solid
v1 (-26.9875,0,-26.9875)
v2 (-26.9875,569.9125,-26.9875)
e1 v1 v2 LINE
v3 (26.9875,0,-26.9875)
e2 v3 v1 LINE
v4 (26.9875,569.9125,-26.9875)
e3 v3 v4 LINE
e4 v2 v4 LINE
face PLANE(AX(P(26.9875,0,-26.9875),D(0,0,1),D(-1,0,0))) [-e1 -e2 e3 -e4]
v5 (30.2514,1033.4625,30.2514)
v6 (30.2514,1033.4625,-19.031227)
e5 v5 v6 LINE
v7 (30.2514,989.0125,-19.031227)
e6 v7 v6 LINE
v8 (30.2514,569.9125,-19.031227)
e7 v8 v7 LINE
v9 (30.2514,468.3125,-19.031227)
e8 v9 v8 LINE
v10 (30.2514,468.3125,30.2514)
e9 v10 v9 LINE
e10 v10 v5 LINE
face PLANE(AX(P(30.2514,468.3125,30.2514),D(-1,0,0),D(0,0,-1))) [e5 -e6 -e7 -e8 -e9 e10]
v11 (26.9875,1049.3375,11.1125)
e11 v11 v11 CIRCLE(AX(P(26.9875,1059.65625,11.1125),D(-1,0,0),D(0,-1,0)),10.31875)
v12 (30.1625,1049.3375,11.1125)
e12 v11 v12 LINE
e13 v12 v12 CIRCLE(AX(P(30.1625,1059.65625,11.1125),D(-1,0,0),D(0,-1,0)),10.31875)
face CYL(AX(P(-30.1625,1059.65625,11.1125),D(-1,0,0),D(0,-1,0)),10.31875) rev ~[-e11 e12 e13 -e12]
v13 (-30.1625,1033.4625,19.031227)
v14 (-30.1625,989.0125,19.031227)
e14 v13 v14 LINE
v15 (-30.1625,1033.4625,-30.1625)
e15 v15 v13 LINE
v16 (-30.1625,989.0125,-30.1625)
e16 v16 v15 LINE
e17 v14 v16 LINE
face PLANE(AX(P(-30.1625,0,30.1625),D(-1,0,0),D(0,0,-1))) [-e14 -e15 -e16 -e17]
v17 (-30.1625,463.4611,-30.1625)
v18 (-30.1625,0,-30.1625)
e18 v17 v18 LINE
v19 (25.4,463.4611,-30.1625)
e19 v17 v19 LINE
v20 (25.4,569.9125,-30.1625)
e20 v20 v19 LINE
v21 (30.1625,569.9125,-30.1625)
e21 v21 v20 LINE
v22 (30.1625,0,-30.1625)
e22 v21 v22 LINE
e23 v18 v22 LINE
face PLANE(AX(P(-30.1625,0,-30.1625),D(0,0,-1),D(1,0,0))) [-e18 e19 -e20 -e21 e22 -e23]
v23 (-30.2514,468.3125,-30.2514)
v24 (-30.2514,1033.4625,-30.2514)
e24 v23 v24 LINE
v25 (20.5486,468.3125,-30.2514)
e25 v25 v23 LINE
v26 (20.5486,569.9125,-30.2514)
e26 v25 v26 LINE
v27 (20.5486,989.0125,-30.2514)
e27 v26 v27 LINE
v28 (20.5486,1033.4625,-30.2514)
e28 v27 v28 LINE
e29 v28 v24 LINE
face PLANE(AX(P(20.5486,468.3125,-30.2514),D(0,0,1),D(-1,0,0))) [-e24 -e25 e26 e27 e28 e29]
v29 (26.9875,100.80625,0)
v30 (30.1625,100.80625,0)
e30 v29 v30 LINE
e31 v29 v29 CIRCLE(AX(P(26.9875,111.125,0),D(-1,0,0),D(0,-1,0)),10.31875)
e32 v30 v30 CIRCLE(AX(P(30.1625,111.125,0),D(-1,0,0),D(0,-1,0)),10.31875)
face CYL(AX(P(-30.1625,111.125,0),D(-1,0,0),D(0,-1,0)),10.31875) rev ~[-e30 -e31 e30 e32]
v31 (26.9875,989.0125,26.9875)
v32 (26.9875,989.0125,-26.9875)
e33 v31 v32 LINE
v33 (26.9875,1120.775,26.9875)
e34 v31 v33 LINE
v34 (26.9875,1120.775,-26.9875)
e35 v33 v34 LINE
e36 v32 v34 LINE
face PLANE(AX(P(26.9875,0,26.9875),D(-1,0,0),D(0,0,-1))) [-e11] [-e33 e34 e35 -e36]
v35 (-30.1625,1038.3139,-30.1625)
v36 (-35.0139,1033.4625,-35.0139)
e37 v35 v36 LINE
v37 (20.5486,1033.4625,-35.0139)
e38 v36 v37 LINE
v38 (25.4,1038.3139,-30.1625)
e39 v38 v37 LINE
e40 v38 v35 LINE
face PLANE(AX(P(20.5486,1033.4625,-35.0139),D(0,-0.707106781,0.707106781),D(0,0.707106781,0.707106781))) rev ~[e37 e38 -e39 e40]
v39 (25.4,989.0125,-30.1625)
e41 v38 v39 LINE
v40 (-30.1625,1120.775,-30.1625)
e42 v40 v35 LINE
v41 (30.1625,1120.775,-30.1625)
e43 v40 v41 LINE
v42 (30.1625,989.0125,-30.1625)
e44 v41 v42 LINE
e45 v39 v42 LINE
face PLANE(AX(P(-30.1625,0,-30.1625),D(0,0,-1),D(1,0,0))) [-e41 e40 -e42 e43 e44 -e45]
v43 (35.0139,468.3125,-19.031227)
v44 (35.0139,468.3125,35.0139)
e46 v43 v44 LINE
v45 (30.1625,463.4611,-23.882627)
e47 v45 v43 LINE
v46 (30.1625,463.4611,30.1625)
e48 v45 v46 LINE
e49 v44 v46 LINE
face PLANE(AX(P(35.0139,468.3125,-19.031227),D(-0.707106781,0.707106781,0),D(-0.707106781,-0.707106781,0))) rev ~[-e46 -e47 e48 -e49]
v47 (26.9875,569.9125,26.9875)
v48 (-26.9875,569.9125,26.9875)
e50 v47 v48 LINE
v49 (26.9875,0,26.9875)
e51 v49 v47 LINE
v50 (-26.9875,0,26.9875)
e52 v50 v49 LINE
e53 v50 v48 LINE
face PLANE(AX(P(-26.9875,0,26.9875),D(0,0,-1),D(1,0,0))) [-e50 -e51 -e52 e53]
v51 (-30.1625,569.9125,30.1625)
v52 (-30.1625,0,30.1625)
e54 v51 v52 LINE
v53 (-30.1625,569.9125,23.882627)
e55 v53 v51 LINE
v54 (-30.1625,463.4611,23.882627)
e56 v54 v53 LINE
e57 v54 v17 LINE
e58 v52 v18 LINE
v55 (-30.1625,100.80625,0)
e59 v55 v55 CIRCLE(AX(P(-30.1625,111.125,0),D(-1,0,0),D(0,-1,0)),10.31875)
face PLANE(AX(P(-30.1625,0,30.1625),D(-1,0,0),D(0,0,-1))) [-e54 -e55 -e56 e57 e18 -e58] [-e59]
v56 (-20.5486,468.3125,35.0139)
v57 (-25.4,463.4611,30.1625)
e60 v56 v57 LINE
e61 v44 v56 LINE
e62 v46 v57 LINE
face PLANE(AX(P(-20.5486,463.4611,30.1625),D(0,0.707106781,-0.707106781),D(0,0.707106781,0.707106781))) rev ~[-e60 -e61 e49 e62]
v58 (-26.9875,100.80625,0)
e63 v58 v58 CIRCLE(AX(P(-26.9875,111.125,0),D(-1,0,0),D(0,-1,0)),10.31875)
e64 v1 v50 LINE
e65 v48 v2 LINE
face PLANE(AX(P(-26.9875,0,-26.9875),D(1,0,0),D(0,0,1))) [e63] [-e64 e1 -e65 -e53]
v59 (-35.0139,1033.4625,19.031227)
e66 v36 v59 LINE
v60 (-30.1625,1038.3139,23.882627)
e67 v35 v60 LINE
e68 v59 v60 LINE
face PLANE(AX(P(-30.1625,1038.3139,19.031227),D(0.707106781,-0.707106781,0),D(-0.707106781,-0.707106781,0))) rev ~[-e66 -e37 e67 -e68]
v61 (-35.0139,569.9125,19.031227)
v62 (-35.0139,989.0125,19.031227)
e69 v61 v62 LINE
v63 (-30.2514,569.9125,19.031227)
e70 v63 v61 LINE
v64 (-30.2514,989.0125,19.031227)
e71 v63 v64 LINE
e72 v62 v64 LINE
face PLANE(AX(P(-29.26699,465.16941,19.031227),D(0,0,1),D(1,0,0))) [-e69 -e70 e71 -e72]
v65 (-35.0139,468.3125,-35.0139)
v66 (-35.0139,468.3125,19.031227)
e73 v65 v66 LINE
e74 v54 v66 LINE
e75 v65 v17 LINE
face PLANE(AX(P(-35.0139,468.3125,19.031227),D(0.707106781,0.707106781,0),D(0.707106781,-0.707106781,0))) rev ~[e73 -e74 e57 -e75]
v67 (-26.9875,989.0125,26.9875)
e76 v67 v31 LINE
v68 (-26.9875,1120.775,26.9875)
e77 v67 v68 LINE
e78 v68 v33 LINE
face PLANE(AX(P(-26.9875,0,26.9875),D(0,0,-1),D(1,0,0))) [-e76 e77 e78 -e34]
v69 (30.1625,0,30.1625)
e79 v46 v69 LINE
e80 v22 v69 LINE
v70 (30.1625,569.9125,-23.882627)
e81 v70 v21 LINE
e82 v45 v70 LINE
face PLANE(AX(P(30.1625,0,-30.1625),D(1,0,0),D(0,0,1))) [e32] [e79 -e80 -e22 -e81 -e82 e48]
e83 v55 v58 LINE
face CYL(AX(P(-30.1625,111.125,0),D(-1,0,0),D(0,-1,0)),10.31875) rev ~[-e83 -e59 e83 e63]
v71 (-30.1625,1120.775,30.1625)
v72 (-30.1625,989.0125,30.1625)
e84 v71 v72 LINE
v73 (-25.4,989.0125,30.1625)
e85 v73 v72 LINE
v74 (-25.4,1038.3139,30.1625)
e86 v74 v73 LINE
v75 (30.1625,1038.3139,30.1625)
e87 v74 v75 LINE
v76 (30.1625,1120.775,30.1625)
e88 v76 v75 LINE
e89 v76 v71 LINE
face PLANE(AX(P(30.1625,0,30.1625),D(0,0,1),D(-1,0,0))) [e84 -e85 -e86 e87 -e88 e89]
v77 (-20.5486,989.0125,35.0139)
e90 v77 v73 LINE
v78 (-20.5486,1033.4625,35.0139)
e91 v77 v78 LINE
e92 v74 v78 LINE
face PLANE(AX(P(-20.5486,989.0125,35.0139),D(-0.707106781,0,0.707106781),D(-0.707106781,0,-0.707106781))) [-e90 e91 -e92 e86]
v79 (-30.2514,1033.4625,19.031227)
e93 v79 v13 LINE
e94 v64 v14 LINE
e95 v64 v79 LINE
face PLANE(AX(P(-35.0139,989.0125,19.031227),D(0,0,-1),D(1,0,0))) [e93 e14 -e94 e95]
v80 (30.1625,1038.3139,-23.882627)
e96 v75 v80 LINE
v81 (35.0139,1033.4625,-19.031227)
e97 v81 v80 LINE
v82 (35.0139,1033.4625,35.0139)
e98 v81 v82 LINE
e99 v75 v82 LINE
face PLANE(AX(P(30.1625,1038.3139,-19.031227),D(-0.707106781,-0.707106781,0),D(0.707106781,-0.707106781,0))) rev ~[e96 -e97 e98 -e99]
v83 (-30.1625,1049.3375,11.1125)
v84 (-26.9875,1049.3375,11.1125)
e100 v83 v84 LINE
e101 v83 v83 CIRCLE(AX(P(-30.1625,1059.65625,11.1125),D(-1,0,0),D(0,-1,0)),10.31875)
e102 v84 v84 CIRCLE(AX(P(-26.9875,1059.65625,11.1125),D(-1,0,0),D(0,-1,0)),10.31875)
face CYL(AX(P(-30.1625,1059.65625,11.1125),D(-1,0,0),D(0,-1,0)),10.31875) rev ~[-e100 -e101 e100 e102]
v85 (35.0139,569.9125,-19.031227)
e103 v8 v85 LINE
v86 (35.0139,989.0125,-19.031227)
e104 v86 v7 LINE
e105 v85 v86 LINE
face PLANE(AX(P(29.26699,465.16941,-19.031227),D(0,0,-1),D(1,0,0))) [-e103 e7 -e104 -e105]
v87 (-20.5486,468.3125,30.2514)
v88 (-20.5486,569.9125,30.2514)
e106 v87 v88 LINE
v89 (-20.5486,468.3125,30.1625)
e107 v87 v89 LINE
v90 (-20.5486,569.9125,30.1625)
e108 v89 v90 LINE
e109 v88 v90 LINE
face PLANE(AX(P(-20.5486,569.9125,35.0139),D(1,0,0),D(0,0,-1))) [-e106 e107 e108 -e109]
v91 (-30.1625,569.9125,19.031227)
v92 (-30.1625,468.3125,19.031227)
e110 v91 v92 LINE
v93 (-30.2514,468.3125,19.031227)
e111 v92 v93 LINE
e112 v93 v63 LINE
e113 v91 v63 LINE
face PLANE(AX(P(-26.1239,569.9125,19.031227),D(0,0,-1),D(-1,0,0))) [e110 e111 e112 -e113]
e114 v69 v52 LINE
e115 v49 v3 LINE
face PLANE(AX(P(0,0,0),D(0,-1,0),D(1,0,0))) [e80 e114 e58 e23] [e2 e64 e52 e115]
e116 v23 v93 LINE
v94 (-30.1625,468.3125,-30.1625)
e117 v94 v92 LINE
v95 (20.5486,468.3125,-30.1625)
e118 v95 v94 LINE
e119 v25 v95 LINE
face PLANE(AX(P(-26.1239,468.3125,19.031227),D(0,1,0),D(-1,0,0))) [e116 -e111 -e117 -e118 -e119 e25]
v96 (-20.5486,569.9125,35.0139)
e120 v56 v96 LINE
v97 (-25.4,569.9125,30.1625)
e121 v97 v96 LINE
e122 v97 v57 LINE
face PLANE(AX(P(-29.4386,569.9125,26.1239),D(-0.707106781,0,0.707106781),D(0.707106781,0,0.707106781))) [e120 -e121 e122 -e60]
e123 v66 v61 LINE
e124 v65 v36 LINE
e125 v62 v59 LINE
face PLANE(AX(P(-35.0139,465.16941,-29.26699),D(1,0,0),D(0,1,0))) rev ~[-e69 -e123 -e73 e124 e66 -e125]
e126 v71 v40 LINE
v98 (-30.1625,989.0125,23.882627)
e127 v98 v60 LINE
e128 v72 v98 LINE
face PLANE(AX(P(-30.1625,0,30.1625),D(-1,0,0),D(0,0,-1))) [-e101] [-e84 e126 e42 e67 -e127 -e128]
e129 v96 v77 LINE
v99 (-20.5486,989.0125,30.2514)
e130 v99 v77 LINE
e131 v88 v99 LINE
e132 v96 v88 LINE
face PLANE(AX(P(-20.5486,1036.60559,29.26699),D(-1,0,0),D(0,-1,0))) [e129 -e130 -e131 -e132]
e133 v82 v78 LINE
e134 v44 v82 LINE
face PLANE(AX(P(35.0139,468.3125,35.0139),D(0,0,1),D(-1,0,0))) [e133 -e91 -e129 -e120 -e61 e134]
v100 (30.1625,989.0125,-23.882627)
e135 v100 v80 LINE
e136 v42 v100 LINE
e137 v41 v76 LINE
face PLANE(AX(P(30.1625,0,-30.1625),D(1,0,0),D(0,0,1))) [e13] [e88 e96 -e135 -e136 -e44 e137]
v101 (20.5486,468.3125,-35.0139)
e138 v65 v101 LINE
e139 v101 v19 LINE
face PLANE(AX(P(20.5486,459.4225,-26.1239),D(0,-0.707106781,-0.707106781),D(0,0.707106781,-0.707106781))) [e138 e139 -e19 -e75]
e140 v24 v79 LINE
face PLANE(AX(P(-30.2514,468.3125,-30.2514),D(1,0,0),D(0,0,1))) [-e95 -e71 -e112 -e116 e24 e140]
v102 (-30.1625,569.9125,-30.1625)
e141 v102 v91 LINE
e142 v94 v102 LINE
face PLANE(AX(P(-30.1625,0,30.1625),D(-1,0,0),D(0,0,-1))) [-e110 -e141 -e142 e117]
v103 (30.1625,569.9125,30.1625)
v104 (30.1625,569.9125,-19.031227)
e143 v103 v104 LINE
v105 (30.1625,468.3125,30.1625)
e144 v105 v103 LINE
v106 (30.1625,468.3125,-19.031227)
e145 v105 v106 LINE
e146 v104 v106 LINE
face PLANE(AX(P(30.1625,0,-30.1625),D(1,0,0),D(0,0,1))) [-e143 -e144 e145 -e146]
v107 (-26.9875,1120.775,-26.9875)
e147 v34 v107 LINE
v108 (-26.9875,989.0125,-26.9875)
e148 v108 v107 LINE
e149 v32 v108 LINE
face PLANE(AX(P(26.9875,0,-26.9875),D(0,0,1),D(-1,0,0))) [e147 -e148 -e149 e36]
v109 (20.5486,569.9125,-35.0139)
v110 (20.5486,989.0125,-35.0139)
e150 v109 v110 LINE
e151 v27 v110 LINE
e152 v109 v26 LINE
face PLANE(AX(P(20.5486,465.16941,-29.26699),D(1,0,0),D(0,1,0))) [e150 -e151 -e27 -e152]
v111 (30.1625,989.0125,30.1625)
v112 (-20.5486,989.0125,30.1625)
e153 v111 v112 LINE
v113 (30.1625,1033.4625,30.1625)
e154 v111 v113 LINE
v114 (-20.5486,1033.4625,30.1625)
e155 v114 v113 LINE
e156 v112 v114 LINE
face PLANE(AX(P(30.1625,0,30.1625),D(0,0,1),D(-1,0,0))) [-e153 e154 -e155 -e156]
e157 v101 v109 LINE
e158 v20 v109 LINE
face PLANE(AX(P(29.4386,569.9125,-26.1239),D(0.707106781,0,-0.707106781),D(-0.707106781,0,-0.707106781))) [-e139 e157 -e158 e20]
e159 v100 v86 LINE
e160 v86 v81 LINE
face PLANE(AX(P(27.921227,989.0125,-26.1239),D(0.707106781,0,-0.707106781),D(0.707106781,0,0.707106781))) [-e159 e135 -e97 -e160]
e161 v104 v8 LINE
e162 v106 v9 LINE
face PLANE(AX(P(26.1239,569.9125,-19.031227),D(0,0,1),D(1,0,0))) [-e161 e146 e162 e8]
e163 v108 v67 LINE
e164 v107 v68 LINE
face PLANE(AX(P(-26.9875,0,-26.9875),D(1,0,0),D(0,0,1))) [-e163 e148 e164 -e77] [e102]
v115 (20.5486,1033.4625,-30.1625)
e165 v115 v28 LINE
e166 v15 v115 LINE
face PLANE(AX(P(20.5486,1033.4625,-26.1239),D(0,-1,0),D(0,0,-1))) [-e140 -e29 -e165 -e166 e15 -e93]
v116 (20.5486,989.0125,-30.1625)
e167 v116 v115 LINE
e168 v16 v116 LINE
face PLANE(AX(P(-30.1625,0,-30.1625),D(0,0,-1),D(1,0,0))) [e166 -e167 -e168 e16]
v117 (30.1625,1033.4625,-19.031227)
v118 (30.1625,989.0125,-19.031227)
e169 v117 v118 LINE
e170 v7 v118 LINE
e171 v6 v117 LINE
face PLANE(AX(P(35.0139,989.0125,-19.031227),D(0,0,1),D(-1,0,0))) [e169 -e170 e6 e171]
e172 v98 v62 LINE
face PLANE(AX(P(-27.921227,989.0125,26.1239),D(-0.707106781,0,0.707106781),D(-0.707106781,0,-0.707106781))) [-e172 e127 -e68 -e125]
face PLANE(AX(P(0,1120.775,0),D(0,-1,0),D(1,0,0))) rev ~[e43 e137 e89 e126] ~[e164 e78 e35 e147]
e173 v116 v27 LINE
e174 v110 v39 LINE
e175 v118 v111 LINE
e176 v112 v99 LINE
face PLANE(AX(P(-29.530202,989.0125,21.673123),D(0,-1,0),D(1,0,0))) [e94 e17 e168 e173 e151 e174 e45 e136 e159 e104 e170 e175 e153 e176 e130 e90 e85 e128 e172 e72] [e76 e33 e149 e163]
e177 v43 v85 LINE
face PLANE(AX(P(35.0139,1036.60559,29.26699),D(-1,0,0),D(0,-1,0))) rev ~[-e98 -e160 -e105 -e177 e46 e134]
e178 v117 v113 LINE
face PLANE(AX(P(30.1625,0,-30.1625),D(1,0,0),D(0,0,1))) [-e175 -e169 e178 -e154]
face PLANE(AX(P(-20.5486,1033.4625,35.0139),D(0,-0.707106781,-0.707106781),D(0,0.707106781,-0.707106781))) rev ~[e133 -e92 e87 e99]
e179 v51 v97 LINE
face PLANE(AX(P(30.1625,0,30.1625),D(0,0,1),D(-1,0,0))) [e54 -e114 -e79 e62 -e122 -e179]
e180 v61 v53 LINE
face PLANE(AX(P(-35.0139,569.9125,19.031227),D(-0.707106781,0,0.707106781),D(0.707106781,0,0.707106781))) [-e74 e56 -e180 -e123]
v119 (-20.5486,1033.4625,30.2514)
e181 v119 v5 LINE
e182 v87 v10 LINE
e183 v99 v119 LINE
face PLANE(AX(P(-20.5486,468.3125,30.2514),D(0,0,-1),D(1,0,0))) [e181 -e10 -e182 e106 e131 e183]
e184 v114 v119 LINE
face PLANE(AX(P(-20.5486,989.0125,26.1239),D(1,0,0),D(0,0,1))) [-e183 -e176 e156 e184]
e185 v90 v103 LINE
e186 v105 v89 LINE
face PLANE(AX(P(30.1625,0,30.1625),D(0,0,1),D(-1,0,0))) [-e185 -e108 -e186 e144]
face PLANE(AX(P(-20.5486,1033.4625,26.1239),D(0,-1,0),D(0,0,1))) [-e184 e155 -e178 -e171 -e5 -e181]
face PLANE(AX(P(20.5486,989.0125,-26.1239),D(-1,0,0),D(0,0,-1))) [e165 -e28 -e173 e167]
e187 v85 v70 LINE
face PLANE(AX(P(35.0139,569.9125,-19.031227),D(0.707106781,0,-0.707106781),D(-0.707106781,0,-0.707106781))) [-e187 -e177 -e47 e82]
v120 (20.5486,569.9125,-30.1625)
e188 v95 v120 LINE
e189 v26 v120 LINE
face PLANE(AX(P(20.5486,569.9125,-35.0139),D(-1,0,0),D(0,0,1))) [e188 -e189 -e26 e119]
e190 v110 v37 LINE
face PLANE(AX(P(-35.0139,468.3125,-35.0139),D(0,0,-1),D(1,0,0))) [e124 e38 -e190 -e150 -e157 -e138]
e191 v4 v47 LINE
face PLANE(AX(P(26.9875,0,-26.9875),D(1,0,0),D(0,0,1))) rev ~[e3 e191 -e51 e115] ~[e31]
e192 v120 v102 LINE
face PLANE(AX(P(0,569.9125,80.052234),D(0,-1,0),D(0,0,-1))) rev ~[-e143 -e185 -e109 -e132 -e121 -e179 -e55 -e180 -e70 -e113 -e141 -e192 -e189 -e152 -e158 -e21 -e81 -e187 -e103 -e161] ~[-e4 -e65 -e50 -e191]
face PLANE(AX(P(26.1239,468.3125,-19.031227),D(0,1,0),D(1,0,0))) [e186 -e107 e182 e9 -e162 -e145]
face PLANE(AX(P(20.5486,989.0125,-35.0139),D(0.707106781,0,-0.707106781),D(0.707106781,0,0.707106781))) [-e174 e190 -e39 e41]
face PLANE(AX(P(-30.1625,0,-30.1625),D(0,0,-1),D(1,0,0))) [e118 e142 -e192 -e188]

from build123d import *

# Parameters (mm, degrees)
F1_DEPTH  = 1120.775
F3_DEPTH  = 53.34
F6_DEPTH  = 565.15
F8_DEPTH  = 55.5625
F10_DEPTH = 45.155127
F12_DEPTH = 25.4
F14_DEPTH = 25.4
F16_DEPTH = 55.5625
F18_DEPTH = 49.193727
F20_DEPTH = 25.4
F22_DEPTH = 113.792
F24_DEPTH = 25.4
F26_DEPTH = 25.4
F28_DEPTH = 25.4
F30_DEPTH = 254
F32_DEPTH = 63.5
F34_DEPTH = 25.4
F36_DEPTH = 25.4
F38_DEPTH = 25.4
F40_DEPTH = 25.4
F41_W     = 53.975
F41_H     = 53.975
F42_DEPTH = 1239.52
F43_R     = 10.31875
F44_DEPTH = 89.662
F45_R     = 10.31875
F46_DEPTH = 179.832


with BuildPart() as f1:
    # F0 (on Front) → F1 (new body)
    with BuildSketch(Plane.XZ):
        Polygon((30.1625, 30.1625), (26.9875, 30.1625), (-26.9875, 30.1625), (-30.1625, 30.1625), (-30.1625, 26.9875), (-30.1625, -26.9875), (-30.1625, -30.1625), (-26.9875, -30.1625), (26.9875, -30.1625), (30.1625, -30.1625), (30.1625, -26.9875), (30.1625, 26.9875), align=None)
        Polygon((-23.8125, 26.9875), (23.8125, 26.9875), (26.9875, 26.9875), (26.9875, 23.8125), (26.9875, -23.8125), (26.9875, -26.9875), (23.8125, -26.9875), (-23.8125, -26.9875), (-26.9875, -26.9875), (-26.9875, -23.8125), (-26.9875, 23.8125), (-26.9875, 26.9875), align=None, mode=Mode.SUBTRACT)
    extrude(amount=-F1_DEPTH)

    # F2 (on Right) → F3 (cut, symmetric)
    with BuildSketch(Plane.YZ):
        Polygon((569.9125, 80.052234), (569.9125, 0), (569.9125, -86.322285), (989.0125, -86.322285), (989.0125, 80.052234), align=None)
    extrude(amount=F3_DEPTH, both=True, mode=Mode.SUBTRACT)



with BuildPart() as f6:
    # F5 (on offset) → F6 (new body)
    with BuildSketch(Plane.XZ.offset(-468.3125)):
        Polygon((-20.5486, 35.0139), (-20.5486, 30.2514), (30.2514, 30.2514), (30.2514, -19.031227), (35.0139, -19.031227), (35.0139, 35.0139), align=None)
        Polygon((-30.2514, 19.031227), (-35.0139, 19.031227), (-35.0139, -35.0139), (20.5486, -35.0139), (20.5486, -30.2514), (-30.2514, -30.2514), align=None)
    extrude(amount=-F6_DEPTH)


with BuildPart() as f1_1:
    add(f1.part)

    add(f6.part)  # F8 merges F6
    # F7 (on face) → F8 (join, through all)
    with BuildSketch(Plane(origin=(-20.5486, 0, 0), x_dir=(0, -1, 0), z_dir=(-1, 0, 0))):
        Polygon((-1033.4625, 30.2514), (-1033.4625, 35.0139), (-1042.3525, 26.1239), (-1033.4625, 26.1239), align=None)
        Polygon((-459.4225, 26.1239), (-468.3125, 35.0139), (-468.3125, 30.2514), (-468.3125, 26.1239), align=None)
    extrude(amount=-F8_DEPTH)

    # F9 (on face) → F10 (join, through all)
    with BuildSketch(Plane(origin=(0, 0, -19.031227), x_dir=(1, 0, 0), z_dir=(0, 0, -1))):
        Polygon((30.2514, -468.3125), (35.0139, -468.3125), (26.1239, -459.4225), (26.1239, -468.3125), align=None)
        Polygon((26.1239, -1042.3525), (35.0139, -1033.4625), (30.2514, -1033.4625), (26.1239, -1033.4625), align=None)
    extrude(amount=-F10_DEPTH)

    # F11 (on face) → F12 (cut)
    with BuildSketch(Plane(origin=(0, 0, 26.1239), x_dir=(1, 0, 0), z_dir=(0, 0, -1))):
        Polygon((35.0139, -459.4225), (30.1625, -459.4225), (30.1625, -463.4611), (35.0139, -468.3125), align=None)
    extrude(amount=-F12_DEPTH, mode=Mode.SUBTRACT)

    # F13 (on face) → F14 (cut)
    with BuildSketch(Plane(origin=(0, 0, 26.1239), x_dir=(1, 0, 0), z_dir=(0, 0, -1))):
        Polygon((35.0139, -1042.3525), (35.0139, -1033.4625), (30.1625, -1038.3139), (30.1625, -1042.3525), align=None)
    extrude(amount=-F14_DEPTH, mode=Mode.SUBTRACT)

    # F15 (on face) → F16 (join, through all)
    with BuildSketch(Plane.YZ.offset(20.5486)):
        Polygon((459.4225, -26.1239), (468.3125, -35.0139), (468.3125, -26.1239), align=None)
        Polygon((1033.4625, -26.1239), (1033.4625, -35.0139), (1042.3525, -26.1239), align=None)
    extrude(amount=-F16_DEPTH)

    # F17 (on face) → F18 (join, through all)
    with BuildSketch(Plane.XY.offset(19.031227)):
        Polygon((-26.1239, 468.3125), (-35.0139, 468.3125), (-26.1239, 459.4225), align=None)
        Polygon((-26.1239, 1042.3525), (-35.0139, 1033.4625), (-26.1239, 1033.4625), align=None)
    extrude(amount=-F18_DEPTH)

    # F19 (on face) → F20 (cut)
    with BuildSketch(Plane.XY.offset(-26.1239)):
        Polygon((-35.0139, 1033.4625), (-30.1625, 1038.3139), (-30.1625, 1042.3525), (-35.0139, 1042.3525), align=None)
    extrude(amount=-F20_DEPTH, mode=Mode.SUBTRACT)

    # F21 (on face) → F22 (join)
    with BuildSketch(Plane(origin=(0, 569.9125, 0), x_dir=(-1, 0, 0), z_dir=(0, 1, 0))):
        Polygon((29.4386, 26.1239), (20.5486, 35.0139), (20.5486, 26.1239), (26.1239, 26.1239), (26.1239, 27.921227), (27.921227, 26.1239), align=None)
        Polygon((27.921227, 26.1239), (26.1239, 26.1239), (26.1239, 19.031227), (35.0139, 19.031227), align=None)
        Polygon((-26.1239, -26.1239), (-26.1239, -19.031227), (-35.0139, -19.031227), (-27.921227, -26.1239), align=None)
        Polygon((-20.5486, -26.1239), (-26.1239, -26.1239), (-26.1239, -27.921227), (-27.921227, -26.1239), (-29.4386, -26.1239), (-20.5486, -35.0139), align=None)
    extrude(amount=-F22_DEPTH)

    # F23 (on face) → F24 (cut)
    with BuildSketch(Plane(origin=(20.5486, 0, 0), x_dir=(0, -1, 0), z_dir=(-1, 0, 0))):
        Polygon((-468.3125, -35.0139), (-456.1205, -35.0139), (-456.1205, -30.1625), (-463.4611, -30.1625), align=None)
    extrude(amount=-F24_DEPTH, mode=Mode.SUBTRACT)

    # F25 (on face) → F26 (cut)
    with BuildSketch(Plane.XY.offset(-19.031227)):
        Polygon((35.0139, 468.3125), (30.1625, 463.4611), (30.1625, 456.1205), (35.0139, 456.1205), align=None)
    extrude(amount=-F26_DEPTH, mode=Mode.SUBTRACT)

    # F27 (on face) → F28 (cut)
    with BuildSketch(Plane.YZ.offset(-20.5486)):
        Polygon((456.1205, 35.0139), (456.1205, 30.1625), (463.4611, 30.1625), (468.3125, 35.0139), align=None)
    extrude(amount=-F28_DEPTH, mode=Mode.SUBTRACT)

    # F29 (on face) → F30 (cut, symmetric)
    with BuildSketch(Plane(origin=(0, 0, 19.031227), x_dir=(1, 0, 0), z_dir=(0, 0, -1))):
        Polygon((-35.0139, -468.3125), (-30.1625, -463.4611), (-30.1625, -456.1205), (-35.0139, -456.1205), align=None)
    extrude(amount=F30_DEPTH, both=True, mode=Mode.SUBTRACT)

    # F31 (on face) → F32 (join)
    with BuildSketch(Plane.XZ.offset(-989.0125)):
        Polygon((-35.0139, 19.031227), (-26.1239, 19.031227), (-26.1239, 26.1239), (-27.921227, 26.1239), align=None)
        Polygon((-26.1239, 27.921227), (-26.1239, 26.1239), (-20.5486, 26.1239), (-20.5486, 35.0139), (-29.4386, 26.1239), (-27.921227, 26.1239), align=None)
        Polygon((20.5486, -26.1239), (20.5486, -35.0139), (29.4386, -26.1239), (27.921227, -26.1239), (26.1239, -27.921227), (26.1239, -26.1239), align=None)
        Polygon((26.1239, -19.031227), (26.1239, -26.1239), (27.921227, -26.1239), (35.0139, -19.031227), align=None)
    extrude(amount=-F32_DEPTH)

    # F33 (on face) → F34 (cut)
    with BuildSketch(Plane(origin=(20.5486, 0, 0), x_dir=(0, -1, 0), z_dir=(-1, 0, 0))):
        Polygon((-1052.5125, -35.0139), (-1033.4625, -35.0139), (-1038.3139, -30.1625), (-1052.5125, -30.1625), align=None)
    extrude(amount=-F34_DEPTH, mode=Mode.SUBTRACT)

    # F35 (on face) → F36 (cut)
    with BuildSketch(Plane(origin=(0, 0, 19.031227), x_dir=(1, 0, 0), z_dir=(0, 0, -1))):
        Polygon((-30.1625, -1038.3139), (-35.0139, -1033.4625), (-35.0139, -1052.5125), (-30.1625, -1052.5125), align=None)
    extrude(amount=-F36_DEPTH, mode=Mode.SUBTRACT)

    # F37 (on face) → F38 (cut)
    with BuildSketch(Plane.YZ.offset(-20.5486)):
        Polygon((1052.5125, 35.0139), (1033.4625, 35.0139), (1038.3139, 30.1625), (1052.5125, 30.1625), align=None)
    extrude(amount=-F38_DEPTH, mode=Mode.SUBTRACT)

    # F39 (on face) → F40 (cut)
    with BuildSketch(Plane.XY.offset(-19.031227)):
        Polygon((30.1625, 1052.5125), (30.1625, 1038.3139), (35.0139, 1033.4625), (35.0139, 1052.5125), align=None)
    extrude(amount=-F40_DEPTH, mode=Mode.SUBTRACT)

    # F41 (on face) → F42 (cut)
    with BuildSketch(Plane.XZ):
        Rectangle(F41_W, F41_H)
    extrude(amount=-F42_DEPTH, mode=Mode.SUBTRACT)

    # F43 (on face) → F44 (cut)
    with BuildSketch(Plane(origin=(-30.1625, 0, 0), x_dir=(0, -1, 0), z_dir=(-1, 0, 0))):
        with Locations((-1059.65625, 11.1125)):
            Circle(F43_R)
    extrude(amount=-F44_DEPTH, mode=Mode.SUBTRACT)

    # F45 (on face) → F46 (cut)
    with BuildSketch(Plane(origin=(-30.1625, 0, 0), x_dir=(0, -1, 0), z_dir=(-1, 0, 0))):
        with Locations((-111.125, 0)):
            Circle(F45_R)
    extrude(amount=-F46_DEPTH, mode=Mode.SUBTRACT)


solid = f1_1.part
